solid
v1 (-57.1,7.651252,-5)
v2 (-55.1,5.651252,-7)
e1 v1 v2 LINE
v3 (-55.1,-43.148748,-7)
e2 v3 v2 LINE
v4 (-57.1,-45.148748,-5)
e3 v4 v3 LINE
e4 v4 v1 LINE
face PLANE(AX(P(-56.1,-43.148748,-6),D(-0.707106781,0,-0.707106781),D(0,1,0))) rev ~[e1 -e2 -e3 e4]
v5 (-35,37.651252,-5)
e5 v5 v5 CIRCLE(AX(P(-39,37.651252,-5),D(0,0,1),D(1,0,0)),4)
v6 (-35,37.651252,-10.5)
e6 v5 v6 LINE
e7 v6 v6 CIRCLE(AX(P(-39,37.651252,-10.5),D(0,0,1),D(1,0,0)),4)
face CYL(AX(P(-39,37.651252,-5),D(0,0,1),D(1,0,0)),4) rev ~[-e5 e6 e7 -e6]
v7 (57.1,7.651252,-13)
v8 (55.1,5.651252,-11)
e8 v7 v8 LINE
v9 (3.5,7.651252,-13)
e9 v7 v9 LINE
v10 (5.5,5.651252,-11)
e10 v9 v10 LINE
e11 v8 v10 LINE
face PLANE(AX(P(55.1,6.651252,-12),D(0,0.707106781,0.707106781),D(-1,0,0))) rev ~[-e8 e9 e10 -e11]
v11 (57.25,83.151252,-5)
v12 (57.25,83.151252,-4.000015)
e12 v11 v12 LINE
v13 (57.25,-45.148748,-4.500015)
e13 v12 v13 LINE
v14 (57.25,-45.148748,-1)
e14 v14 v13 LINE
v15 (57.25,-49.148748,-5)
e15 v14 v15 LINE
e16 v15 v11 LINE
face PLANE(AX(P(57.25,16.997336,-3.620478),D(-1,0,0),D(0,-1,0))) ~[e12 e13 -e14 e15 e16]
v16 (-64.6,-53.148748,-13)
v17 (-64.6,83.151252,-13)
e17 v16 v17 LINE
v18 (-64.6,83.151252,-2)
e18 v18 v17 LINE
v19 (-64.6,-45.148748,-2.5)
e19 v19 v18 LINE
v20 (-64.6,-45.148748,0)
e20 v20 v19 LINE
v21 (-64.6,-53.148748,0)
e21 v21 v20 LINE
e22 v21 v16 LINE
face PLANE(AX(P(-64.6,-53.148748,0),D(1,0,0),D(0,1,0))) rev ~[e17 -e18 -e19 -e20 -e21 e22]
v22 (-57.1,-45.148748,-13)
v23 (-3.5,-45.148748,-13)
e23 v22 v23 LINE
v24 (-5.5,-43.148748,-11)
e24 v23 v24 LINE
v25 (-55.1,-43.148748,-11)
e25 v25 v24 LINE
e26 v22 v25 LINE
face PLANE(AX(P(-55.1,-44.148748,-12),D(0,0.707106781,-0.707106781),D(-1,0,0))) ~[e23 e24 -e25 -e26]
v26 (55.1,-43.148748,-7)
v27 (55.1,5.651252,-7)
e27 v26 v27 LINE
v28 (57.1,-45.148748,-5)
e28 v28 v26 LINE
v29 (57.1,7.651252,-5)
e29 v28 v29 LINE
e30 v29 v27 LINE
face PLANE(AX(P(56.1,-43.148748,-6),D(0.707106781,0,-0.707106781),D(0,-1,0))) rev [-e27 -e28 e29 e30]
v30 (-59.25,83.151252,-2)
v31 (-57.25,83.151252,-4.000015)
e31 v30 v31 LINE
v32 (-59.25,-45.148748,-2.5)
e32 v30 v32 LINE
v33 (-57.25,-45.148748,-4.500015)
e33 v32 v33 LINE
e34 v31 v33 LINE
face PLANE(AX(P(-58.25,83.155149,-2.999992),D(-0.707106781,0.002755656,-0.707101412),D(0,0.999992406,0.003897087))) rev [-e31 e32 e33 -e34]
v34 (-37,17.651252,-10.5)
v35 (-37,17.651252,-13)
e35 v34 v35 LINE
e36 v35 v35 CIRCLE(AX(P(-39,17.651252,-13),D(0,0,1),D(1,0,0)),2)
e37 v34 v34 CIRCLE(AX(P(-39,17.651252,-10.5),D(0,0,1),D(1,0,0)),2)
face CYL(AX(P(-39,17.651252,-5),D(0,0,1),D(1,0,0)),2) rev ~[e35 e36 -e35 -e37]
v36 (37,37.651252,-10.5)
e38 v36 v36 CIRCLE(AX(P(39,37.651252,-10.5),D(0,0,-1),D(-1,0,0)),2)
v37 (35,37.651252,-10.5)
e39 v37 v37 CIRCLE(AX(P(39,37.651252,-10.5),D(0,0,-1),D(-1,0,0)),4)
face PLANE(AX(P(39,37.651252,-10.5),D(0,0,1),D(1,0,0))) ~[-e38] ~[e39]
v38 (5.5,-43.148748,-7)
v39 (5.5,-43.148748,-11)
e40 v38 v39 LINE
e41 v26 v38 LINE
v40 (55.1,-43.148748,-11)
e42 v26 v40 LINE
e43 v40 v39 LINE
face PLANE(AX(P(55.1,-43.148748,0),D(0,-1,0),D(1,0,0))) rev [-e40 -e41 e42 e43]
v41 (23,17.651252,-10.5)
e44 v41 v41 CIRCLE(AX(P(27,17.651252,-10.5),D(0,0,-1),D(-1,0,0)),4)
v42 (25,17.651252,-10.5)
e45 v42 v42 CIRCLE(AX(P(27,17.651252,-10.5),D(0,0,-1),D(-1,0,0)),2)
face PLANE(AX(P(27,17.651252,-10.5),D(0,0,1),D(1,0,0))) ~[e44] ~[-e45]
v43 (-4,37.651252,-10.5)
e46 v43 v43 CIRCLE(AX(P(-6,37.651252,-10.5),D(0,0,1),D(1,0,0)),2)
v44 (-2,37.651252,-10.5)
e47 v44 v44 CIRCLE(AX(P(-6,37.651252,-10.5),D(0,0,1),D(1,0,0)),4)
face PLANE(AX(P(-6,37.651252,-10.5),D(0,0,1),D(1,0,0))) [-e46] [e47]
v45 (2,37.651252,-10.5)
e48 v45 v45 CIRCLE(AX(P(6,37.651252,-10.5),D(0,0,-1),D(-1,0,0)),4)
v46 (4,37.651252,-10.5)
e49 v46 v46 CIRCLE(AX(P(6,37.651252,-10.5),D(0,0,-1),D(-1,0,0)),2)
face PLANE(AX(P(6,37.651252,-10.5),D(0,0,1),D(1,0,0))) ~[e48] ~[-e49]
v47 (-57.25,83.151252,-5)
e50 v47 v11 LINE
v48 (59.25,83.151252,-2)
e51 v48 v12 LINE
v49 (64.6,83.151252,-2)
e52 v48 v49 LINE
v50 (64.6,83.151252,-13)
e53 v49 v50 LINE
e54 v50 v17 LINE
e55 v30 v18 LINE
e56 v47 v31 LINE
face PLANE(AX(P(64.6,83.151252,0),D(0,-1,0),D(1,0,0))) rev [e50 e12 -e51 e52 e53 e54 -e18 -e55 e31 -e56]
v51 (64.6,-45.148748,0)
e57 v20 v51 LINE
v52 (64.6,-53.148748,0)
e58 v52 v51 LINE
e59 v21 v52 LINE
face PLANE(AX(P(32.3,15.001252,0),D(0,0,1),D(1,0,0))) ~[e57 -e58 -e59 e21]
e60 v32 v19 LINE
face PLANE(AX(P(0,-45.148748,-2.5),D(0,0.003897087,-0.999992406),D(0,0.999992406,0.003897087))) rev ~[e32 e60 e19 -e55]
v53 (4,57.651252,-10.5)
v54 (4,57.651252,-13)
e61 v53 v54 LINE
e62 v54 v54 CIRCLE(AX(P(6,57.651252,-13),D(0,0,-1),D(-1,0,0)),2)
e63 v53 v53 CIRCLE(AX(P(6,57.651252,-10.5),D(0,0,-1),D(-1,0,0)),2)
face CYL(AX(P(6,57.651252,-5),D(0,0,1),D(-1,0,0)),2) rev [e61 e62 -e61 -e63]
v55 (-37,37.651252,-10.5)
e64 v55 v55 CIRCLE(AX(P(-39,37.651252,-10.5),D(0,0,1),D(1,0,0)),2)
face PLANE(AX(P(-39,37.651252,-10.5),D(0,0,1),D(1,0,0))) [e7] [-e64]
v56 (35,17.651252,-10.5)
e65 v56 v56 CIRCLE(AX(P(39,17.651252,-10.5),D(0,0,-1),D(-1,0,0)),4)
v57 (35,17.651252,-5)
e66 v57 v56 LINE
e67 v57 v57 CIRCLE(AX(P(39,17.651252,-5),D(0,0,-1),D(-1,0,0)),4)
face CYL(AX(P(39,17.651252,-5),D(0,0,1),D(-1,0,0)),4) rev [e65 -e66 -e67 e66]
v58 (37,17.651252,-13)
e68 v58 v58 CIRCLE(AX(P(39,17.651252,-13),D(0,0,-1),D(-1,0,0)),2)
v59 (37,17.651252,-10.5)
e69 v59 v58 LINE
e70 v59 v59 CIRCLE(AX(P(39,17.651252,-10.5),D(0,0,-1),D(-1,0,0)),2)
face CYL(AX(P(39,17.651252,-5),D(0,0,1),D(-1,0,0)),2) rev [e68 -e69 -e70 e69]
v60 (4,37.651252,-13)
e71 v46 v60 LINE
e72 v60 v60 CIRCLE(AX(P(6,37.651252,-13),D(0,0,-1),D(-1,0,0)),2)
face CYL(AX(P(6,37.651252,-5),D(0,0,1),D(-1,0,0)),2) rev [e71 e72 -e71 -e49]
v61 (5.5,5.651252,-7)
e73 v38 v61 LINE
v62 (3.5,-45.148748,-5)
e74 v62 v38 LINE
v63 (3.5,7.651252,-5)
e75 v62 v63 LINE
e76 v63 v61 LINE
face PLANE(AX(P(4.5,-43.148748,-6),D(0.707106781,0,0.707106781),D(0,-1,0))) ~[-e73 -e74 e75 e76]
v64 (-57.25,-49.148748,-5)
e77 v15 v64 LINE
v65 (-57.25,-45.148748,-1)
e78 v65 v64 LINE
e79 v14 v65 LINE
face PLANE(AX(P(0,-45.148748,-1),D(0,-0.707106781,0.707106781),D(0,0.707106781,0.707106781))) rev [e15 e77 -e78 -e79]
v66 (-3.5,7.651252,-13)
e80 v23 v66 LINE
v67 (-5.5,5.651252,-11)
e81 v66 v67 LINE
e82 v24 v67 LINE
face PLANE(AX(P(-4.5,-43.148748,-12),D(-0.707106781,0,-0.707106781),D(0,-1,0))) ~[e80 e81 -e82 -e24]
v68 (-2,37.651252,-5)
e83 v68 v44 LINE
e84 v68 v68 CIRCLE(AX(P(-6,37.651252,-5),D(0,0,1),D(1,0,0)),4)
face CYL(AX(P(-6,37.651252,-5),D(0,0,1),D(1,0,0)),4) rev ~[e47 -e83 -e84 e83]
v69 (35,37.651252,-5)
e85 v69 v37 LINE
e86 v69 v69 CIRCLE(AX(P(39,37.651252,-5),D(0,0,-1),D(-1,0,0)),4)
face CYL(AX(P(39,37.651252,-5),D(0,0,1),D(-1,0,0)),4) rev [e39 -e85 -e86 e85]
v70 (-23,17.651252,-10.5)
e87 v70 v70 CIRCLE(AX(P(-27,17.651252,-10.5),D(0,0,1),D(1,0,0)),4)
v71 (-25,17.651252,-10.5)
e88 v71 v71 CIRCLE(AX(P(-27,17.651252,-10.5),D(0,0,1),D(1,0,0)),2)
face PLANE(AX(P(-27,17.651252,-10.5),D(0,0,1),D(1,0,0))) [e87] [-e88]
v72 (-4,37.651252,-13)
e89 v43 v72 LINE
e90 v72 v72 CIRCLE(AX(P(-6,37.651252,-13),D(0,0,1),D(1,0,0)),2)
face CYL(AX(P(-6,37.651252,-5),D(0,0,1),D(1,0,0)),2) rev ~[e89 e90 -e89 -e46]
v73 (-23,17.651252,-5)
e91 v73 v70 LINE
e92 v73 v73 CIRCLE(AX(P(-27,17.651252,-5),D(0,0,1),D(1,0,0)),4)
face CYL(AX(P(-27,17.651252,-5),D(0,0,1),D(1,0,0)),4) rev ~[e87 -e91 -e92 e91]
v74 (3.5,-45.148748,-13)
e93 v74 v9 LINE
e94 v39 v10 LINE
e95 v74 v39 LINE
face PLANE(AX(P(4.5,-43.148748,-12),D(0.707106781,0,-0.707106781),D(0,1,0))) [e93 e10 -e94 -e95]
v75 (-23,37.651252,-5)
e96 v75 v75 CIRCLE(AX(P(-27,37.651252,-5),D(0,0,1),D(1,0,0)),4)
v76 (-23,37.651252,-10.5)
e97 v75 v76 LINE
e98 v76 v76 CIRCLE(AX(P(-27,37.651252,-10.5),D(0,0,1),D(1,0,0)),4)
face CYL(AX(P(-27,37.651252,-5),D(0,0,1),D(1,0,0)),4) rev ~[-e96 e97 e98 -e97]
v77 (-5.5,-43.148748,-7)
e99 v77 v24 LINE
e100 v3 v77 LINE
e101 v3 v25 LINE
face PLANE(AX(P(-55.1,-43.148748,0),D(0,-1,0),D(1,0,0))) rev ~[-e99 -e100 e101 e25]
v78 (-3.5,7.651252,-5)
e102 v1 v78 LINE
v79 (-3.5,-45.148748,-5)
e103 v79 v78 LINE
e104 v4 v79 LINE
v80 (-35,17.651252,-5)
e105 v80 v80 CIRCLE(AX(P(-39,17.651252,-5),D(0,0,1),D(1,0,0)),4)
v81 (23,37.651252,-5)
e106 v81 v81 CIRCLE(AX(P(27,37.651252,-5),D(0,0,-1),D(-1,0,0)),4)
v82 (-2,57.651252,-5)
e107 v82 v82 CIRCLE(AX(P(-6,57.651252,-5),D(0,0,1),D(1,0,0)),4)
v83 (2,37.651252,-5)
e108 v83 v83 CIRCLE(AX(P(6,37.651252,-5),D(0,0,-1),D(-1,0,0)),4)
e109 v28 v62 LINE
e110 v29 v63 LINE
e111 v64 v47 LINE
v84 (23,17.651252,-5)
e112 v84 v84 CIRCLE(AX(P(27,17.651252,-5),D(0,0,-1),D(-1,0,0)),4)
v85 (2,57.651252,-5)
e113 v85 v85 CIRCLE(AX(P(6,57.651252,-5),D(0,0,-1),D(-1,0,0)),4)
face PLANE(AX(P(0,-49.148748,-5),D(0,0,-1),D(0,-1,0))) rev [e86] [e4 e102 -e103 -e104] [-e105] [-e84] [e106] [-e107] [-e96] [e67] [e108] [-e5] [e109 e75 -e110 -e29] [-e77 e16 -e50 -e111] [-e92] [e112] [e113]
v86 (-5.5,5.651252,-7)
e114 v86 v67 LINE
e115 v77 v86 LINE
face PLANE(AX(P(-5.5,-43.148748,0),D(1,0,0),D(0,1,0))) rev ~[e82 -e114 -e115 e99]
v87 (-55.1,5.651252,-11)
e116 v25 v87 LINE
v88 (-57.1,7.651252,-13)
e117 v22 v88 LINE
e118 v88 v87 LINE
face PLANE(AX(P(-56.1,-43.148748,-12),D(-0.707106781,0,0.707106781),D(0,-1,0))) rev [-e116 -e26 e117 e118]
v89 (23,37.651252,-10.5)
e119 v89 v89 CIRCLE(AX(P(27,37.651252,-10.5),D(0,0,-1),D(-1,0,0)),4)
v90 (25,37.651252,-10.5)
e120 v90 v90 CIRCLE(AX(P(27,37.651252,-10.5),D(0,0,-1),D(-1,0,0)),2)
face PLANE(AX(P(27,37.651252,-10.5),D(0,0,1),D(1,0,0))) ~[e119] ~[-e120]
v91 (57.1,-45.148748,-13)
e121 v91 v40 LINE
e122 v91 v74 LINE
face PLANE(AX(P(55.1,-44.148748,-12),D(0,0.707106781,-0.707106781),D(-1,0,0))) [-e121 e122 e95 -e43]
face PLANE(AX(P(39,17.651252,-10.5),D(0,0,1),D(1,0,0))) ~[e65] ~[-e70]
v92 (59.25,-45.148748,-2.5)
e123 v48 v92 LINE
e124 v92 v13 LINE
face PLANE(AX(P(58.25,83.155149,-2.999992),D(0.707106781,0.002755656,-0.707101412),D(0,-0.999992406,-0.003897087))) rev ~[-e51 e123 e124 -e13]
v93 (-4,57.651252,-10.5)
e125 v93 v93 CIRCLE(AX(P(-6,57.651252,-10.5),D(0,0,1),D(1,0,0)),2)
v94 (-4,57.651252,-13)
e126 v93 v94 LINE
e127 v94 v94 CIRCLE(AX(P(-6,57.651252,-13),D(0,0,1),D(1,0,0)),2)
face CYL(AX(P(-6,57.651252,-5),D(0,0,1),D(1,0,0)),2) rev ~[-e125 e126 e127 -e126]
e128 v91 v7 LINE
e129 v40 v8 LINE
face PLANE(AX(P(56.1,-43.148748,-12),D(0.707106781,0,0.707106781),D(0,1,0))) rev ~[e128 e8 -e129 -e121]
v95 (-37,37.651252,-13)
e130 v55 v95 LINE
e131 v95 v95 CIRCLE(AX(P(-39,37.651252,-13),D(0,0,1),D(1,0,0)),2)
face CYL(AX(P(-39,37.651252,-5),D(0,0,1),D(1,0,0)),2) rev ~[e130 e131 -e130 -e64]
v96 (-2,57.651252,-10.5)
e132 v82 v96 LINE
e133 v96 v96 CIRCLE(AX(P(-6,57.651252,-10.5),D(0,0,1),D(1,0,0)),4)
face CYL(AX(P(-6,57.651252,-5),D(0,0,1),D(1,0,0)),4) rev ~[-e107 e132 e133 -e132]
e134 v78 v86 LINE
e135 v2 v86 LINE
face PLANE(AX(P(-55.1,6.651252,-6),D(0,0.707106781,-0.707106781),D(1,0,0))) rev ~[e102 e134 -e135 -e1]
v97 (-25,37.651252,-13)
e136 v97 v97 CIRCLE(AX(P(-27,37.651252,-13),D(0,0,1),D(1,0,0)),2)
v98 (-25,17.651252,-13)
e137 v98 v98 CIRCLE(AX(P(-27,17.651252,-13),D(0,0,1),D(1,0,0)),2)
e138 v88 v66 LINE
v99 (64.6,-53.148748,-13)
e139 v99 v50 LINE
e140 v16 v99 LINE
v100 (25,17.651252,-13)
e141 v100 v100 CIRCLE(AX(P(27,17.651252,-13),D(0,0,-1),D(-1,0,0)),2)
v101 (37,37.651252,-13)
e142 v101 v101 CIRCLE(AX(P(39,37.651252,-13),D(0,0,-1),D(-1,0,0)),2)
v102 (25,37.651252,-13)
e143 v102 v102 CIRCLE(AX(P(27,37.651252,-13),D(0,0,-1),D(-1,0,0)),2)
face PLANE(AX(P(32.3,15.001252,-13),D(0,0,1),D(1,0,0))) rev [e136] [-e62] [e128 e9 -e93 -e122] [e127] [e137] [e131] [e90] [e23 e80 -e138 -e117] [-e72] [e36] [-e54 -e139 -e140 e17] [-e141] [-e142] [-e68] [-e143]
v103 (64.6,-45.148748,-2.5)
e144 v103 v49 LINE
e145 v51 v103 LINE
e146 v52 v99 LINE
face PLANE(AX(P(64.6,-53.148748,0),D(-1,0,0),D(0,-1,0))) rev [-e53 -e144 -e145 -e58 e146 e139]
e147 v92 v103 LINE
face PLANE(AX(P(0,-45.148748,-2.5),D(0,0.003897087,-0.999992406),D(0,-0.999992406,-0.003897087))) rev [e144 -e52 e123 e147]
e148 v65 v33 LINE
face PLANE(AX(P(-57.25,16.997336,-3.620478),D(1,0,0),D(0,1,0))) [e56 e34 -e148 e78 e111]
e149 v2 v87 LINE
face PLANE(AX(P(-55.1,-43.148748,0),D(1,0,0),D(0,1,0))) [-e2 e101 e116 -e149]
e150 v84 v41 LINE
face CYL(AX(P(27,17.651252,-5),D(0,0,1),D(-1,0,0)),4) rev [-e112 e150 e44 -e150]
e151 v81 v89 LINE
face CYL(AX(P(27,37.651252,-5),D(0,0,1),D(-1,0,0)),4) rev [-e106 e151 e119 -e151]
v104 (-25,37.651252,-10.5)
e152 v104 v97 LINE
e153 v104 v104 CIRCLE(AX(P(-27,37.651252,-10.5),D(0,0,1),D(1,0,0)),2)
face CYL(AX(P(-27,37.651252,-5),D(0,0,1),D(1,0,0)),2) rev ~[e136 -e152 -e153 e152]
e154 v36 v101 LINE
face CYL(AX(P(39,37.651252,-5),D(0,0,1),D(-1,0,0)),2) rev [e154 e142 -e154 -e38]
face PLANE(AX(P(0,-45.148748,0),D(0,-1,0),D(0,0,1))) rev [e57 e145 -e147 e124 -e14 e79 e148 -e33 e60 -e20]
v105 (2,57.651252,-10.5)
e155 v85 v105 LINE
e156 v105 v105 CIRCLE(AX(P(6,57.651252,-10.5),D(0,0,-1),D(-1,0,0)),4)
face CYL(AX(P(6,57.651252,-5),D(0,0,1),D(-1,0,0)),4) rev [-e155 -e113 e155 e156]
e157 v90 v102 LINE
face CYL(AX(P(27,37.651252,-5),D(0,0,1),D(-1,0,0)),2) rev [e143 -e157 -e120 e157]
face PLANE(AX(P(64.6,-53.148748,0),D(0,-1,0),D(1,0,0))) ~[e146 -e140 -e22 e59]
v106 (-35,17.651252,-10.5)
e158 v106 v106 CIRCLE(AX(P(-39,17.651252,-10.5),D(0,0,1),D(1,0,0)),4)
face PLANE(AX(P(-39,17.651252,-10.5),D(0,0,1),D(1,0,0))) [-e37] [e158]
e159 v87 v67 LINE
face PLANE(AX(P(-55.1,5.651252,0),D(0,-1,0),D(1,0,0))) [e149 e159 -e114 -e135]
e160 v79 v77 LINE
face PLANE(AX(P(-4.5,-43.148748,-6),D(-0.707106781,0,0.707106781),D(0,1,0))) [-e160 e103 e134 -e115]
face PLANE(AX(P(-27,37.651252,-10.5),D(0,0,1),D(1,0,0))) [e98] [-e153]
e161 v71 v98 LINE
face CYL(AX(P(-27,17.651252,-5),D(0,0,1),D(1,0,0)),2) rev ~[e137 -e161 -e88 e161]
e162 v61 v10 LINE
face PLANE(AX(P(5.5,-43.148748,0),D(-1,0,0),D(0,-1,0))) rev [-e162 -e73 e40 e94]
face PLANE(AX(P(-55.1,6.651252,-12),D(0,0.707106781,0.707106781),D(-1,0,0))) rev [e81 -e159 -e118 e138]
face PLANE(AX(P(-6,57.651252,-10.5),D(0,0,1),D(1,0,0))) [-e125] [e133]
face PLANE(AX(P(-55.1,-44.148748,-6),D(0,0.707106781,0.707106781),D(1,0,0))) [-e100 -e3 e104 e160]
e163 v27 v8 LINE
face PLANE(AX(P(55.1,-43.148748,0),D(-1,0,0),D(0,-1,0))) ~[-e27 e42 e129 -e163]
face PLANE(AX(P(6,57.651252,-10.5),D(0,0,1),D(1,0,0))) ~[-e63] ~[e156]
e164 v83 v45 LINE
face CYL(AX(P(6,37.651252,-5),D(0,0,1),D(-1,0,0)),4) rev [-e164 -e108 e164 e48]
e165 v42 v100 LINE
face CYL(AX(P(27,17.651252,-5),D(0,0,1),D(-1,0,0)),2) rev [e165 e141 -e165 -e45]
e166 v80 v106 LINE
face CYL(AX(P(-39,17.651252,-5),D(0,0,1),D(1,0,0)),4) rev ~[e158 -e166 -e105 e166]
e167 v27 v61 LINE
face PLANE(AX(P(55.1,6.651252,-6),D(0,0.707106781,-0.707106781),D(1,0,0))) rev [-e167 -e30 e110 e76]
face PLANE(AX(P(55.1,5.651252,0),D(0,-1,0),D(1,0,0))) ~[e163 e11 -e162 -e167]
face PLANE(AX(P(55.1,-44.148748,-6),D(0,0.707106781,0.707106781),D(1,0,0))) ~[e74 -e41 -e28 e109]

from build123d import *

# Parameters (mm, degrees)
F0_W     = 64.6
F0_H     = 136.3
F0_W_2   = 49.6
F0_H_2   = 48.8
F1_DEPTH = 13
F3_DEPTH = 57.25
F4_DEPTH = 64.6
F5_SIZE  = 2
F6_R     = 2
F7_DEPTH = 8
F6_R_2   = 4
F8_DEPTH = 5.5


with BuildPart() as f1:
    # F0 (on Top) → F1 (new body)
    with BuildSketch(Plane.XY):
        with Locations((-32.3, 15.001252)):
            Rectangle(F0_W, F0_H)
        with Locations((-30.3, -18.748748)):
            Rectangle(F0_W_2, F0_H_2, mode=Mode.SUBTRACT)
    extrude(amount=-F1_DEPTH)

    # F2 (on face) → F3 (cut)
    with BuildSketch(Plane.YZ):
        Polygon((-45.148748, -2.5), (-45.148748, -1), (-49.148748, -5), (83.151252, -5), (83.151252, -2), align=None)
    extrude(amount=-F3_DEPTH, mode=Mode.SUBTRACT)

    # F2 (on face) → F4 (cut, through all)
    with BuildSketch(Plane.YZ):
        Polygon((83.151252, 0), (-45.148748, 0), (-45.148748, -1), (-45.148748, -2.5), (83.151252, -2), align=None)
    extrude(amount=-F4_DEPTH, mode=Mode.SUBTRACT)

    # F5
    f5_edges = [f1.edges().sort_by_distance(p)[0] for p in [
        (-57.25, 19.001252, -2.25),
        (-30.3, -43.148748, -5),
        (-55.1, -18.748748, -5),
        (-30.3, 5.651252, -5),
        (-5.5, -18.748748, -5),
        (-30.3, 5.651252, -13),
        (-55.1, -18.748748, -13),
        (-30.3, -43.148748, -13),
        (-5.5, -18.748748, -13),
    ]]
    chamfer(f5_edges, length=F5_SIZE)

    # F6 (on face) → F7 (cut, through all)
    with BuildSketch(Plane.XY.offset(-5)):
        with Locations((-6, 57.651252)):
            Circle(F6_R)
        with Locations((-6, 37.651252)):
            Circle(F6_R)
        with Locations((-27, 37.651252)):
            Circle(F6_R)
        with Locations((-39, 37.651252)):
            Circle(F6_R)
        with Locations((-39, 17.651252)):
            Circle(F6_R)
        with Locations((-27, 17.651252)):
            Circle(F6_R)
    extrude(amount=-F7_DEPTH, mode=Mode.SUBTRACT)

    # F6 (on face) → F8 (cut)
    with BuildSketch(Plane.XY.offset(-5)):
        with Locations((-6, 57.651252)):
            Circle(F6_R_2)
        with Locations((-6, 57.651252)):
            Circle(F6_R, mode=Mode.SUBTRACT)
        with Locations((-6, 37.651252)):
            Circle(F6_R_2)
        with Locations((-6, 37.651252)):
            Circle(F6_R, mode=Mode.SUBTRACT)
        with Locations((-27, 37.651252)):
            Circle(F6_R_2)
        with Locations((-27, 37.651252)):
            Circle(F6_R, mode=Mode.SUBTRACT)
        with Locations((-39, 37.651252)):
            Circle(F6_R_2)
        with Locations((-39, 37.651252)):
            Circle(F6_R, mode=Mode.SUBTRACT)
        with Locations((-39, 17.651252)):
            Circle(F6_R_2)
        with Locations((-39, 17.651252)):
            Circle(F6_R, mode=Mode.SUBTRACT)
        with Locations((-27, 17.651252)):
            Circle(F6_R_2)
        with Locations((-27, 17.651252)):
            Circle(F6_R, mode=Mode.SUBTRACT)
    extrude(amount=-F8_DEPTH, mode=Mode.SUBTRACT)

    # F9: F1 across face


with BuildPart() as f1_1:
    add(f1.part)
    add(f1.part.mirror(Plane(origin=(0, 13.153307, -8.806367), x_dir=(0, 1, 0), z_dir=(1, 0, 0))))


solid = f1_1.part
